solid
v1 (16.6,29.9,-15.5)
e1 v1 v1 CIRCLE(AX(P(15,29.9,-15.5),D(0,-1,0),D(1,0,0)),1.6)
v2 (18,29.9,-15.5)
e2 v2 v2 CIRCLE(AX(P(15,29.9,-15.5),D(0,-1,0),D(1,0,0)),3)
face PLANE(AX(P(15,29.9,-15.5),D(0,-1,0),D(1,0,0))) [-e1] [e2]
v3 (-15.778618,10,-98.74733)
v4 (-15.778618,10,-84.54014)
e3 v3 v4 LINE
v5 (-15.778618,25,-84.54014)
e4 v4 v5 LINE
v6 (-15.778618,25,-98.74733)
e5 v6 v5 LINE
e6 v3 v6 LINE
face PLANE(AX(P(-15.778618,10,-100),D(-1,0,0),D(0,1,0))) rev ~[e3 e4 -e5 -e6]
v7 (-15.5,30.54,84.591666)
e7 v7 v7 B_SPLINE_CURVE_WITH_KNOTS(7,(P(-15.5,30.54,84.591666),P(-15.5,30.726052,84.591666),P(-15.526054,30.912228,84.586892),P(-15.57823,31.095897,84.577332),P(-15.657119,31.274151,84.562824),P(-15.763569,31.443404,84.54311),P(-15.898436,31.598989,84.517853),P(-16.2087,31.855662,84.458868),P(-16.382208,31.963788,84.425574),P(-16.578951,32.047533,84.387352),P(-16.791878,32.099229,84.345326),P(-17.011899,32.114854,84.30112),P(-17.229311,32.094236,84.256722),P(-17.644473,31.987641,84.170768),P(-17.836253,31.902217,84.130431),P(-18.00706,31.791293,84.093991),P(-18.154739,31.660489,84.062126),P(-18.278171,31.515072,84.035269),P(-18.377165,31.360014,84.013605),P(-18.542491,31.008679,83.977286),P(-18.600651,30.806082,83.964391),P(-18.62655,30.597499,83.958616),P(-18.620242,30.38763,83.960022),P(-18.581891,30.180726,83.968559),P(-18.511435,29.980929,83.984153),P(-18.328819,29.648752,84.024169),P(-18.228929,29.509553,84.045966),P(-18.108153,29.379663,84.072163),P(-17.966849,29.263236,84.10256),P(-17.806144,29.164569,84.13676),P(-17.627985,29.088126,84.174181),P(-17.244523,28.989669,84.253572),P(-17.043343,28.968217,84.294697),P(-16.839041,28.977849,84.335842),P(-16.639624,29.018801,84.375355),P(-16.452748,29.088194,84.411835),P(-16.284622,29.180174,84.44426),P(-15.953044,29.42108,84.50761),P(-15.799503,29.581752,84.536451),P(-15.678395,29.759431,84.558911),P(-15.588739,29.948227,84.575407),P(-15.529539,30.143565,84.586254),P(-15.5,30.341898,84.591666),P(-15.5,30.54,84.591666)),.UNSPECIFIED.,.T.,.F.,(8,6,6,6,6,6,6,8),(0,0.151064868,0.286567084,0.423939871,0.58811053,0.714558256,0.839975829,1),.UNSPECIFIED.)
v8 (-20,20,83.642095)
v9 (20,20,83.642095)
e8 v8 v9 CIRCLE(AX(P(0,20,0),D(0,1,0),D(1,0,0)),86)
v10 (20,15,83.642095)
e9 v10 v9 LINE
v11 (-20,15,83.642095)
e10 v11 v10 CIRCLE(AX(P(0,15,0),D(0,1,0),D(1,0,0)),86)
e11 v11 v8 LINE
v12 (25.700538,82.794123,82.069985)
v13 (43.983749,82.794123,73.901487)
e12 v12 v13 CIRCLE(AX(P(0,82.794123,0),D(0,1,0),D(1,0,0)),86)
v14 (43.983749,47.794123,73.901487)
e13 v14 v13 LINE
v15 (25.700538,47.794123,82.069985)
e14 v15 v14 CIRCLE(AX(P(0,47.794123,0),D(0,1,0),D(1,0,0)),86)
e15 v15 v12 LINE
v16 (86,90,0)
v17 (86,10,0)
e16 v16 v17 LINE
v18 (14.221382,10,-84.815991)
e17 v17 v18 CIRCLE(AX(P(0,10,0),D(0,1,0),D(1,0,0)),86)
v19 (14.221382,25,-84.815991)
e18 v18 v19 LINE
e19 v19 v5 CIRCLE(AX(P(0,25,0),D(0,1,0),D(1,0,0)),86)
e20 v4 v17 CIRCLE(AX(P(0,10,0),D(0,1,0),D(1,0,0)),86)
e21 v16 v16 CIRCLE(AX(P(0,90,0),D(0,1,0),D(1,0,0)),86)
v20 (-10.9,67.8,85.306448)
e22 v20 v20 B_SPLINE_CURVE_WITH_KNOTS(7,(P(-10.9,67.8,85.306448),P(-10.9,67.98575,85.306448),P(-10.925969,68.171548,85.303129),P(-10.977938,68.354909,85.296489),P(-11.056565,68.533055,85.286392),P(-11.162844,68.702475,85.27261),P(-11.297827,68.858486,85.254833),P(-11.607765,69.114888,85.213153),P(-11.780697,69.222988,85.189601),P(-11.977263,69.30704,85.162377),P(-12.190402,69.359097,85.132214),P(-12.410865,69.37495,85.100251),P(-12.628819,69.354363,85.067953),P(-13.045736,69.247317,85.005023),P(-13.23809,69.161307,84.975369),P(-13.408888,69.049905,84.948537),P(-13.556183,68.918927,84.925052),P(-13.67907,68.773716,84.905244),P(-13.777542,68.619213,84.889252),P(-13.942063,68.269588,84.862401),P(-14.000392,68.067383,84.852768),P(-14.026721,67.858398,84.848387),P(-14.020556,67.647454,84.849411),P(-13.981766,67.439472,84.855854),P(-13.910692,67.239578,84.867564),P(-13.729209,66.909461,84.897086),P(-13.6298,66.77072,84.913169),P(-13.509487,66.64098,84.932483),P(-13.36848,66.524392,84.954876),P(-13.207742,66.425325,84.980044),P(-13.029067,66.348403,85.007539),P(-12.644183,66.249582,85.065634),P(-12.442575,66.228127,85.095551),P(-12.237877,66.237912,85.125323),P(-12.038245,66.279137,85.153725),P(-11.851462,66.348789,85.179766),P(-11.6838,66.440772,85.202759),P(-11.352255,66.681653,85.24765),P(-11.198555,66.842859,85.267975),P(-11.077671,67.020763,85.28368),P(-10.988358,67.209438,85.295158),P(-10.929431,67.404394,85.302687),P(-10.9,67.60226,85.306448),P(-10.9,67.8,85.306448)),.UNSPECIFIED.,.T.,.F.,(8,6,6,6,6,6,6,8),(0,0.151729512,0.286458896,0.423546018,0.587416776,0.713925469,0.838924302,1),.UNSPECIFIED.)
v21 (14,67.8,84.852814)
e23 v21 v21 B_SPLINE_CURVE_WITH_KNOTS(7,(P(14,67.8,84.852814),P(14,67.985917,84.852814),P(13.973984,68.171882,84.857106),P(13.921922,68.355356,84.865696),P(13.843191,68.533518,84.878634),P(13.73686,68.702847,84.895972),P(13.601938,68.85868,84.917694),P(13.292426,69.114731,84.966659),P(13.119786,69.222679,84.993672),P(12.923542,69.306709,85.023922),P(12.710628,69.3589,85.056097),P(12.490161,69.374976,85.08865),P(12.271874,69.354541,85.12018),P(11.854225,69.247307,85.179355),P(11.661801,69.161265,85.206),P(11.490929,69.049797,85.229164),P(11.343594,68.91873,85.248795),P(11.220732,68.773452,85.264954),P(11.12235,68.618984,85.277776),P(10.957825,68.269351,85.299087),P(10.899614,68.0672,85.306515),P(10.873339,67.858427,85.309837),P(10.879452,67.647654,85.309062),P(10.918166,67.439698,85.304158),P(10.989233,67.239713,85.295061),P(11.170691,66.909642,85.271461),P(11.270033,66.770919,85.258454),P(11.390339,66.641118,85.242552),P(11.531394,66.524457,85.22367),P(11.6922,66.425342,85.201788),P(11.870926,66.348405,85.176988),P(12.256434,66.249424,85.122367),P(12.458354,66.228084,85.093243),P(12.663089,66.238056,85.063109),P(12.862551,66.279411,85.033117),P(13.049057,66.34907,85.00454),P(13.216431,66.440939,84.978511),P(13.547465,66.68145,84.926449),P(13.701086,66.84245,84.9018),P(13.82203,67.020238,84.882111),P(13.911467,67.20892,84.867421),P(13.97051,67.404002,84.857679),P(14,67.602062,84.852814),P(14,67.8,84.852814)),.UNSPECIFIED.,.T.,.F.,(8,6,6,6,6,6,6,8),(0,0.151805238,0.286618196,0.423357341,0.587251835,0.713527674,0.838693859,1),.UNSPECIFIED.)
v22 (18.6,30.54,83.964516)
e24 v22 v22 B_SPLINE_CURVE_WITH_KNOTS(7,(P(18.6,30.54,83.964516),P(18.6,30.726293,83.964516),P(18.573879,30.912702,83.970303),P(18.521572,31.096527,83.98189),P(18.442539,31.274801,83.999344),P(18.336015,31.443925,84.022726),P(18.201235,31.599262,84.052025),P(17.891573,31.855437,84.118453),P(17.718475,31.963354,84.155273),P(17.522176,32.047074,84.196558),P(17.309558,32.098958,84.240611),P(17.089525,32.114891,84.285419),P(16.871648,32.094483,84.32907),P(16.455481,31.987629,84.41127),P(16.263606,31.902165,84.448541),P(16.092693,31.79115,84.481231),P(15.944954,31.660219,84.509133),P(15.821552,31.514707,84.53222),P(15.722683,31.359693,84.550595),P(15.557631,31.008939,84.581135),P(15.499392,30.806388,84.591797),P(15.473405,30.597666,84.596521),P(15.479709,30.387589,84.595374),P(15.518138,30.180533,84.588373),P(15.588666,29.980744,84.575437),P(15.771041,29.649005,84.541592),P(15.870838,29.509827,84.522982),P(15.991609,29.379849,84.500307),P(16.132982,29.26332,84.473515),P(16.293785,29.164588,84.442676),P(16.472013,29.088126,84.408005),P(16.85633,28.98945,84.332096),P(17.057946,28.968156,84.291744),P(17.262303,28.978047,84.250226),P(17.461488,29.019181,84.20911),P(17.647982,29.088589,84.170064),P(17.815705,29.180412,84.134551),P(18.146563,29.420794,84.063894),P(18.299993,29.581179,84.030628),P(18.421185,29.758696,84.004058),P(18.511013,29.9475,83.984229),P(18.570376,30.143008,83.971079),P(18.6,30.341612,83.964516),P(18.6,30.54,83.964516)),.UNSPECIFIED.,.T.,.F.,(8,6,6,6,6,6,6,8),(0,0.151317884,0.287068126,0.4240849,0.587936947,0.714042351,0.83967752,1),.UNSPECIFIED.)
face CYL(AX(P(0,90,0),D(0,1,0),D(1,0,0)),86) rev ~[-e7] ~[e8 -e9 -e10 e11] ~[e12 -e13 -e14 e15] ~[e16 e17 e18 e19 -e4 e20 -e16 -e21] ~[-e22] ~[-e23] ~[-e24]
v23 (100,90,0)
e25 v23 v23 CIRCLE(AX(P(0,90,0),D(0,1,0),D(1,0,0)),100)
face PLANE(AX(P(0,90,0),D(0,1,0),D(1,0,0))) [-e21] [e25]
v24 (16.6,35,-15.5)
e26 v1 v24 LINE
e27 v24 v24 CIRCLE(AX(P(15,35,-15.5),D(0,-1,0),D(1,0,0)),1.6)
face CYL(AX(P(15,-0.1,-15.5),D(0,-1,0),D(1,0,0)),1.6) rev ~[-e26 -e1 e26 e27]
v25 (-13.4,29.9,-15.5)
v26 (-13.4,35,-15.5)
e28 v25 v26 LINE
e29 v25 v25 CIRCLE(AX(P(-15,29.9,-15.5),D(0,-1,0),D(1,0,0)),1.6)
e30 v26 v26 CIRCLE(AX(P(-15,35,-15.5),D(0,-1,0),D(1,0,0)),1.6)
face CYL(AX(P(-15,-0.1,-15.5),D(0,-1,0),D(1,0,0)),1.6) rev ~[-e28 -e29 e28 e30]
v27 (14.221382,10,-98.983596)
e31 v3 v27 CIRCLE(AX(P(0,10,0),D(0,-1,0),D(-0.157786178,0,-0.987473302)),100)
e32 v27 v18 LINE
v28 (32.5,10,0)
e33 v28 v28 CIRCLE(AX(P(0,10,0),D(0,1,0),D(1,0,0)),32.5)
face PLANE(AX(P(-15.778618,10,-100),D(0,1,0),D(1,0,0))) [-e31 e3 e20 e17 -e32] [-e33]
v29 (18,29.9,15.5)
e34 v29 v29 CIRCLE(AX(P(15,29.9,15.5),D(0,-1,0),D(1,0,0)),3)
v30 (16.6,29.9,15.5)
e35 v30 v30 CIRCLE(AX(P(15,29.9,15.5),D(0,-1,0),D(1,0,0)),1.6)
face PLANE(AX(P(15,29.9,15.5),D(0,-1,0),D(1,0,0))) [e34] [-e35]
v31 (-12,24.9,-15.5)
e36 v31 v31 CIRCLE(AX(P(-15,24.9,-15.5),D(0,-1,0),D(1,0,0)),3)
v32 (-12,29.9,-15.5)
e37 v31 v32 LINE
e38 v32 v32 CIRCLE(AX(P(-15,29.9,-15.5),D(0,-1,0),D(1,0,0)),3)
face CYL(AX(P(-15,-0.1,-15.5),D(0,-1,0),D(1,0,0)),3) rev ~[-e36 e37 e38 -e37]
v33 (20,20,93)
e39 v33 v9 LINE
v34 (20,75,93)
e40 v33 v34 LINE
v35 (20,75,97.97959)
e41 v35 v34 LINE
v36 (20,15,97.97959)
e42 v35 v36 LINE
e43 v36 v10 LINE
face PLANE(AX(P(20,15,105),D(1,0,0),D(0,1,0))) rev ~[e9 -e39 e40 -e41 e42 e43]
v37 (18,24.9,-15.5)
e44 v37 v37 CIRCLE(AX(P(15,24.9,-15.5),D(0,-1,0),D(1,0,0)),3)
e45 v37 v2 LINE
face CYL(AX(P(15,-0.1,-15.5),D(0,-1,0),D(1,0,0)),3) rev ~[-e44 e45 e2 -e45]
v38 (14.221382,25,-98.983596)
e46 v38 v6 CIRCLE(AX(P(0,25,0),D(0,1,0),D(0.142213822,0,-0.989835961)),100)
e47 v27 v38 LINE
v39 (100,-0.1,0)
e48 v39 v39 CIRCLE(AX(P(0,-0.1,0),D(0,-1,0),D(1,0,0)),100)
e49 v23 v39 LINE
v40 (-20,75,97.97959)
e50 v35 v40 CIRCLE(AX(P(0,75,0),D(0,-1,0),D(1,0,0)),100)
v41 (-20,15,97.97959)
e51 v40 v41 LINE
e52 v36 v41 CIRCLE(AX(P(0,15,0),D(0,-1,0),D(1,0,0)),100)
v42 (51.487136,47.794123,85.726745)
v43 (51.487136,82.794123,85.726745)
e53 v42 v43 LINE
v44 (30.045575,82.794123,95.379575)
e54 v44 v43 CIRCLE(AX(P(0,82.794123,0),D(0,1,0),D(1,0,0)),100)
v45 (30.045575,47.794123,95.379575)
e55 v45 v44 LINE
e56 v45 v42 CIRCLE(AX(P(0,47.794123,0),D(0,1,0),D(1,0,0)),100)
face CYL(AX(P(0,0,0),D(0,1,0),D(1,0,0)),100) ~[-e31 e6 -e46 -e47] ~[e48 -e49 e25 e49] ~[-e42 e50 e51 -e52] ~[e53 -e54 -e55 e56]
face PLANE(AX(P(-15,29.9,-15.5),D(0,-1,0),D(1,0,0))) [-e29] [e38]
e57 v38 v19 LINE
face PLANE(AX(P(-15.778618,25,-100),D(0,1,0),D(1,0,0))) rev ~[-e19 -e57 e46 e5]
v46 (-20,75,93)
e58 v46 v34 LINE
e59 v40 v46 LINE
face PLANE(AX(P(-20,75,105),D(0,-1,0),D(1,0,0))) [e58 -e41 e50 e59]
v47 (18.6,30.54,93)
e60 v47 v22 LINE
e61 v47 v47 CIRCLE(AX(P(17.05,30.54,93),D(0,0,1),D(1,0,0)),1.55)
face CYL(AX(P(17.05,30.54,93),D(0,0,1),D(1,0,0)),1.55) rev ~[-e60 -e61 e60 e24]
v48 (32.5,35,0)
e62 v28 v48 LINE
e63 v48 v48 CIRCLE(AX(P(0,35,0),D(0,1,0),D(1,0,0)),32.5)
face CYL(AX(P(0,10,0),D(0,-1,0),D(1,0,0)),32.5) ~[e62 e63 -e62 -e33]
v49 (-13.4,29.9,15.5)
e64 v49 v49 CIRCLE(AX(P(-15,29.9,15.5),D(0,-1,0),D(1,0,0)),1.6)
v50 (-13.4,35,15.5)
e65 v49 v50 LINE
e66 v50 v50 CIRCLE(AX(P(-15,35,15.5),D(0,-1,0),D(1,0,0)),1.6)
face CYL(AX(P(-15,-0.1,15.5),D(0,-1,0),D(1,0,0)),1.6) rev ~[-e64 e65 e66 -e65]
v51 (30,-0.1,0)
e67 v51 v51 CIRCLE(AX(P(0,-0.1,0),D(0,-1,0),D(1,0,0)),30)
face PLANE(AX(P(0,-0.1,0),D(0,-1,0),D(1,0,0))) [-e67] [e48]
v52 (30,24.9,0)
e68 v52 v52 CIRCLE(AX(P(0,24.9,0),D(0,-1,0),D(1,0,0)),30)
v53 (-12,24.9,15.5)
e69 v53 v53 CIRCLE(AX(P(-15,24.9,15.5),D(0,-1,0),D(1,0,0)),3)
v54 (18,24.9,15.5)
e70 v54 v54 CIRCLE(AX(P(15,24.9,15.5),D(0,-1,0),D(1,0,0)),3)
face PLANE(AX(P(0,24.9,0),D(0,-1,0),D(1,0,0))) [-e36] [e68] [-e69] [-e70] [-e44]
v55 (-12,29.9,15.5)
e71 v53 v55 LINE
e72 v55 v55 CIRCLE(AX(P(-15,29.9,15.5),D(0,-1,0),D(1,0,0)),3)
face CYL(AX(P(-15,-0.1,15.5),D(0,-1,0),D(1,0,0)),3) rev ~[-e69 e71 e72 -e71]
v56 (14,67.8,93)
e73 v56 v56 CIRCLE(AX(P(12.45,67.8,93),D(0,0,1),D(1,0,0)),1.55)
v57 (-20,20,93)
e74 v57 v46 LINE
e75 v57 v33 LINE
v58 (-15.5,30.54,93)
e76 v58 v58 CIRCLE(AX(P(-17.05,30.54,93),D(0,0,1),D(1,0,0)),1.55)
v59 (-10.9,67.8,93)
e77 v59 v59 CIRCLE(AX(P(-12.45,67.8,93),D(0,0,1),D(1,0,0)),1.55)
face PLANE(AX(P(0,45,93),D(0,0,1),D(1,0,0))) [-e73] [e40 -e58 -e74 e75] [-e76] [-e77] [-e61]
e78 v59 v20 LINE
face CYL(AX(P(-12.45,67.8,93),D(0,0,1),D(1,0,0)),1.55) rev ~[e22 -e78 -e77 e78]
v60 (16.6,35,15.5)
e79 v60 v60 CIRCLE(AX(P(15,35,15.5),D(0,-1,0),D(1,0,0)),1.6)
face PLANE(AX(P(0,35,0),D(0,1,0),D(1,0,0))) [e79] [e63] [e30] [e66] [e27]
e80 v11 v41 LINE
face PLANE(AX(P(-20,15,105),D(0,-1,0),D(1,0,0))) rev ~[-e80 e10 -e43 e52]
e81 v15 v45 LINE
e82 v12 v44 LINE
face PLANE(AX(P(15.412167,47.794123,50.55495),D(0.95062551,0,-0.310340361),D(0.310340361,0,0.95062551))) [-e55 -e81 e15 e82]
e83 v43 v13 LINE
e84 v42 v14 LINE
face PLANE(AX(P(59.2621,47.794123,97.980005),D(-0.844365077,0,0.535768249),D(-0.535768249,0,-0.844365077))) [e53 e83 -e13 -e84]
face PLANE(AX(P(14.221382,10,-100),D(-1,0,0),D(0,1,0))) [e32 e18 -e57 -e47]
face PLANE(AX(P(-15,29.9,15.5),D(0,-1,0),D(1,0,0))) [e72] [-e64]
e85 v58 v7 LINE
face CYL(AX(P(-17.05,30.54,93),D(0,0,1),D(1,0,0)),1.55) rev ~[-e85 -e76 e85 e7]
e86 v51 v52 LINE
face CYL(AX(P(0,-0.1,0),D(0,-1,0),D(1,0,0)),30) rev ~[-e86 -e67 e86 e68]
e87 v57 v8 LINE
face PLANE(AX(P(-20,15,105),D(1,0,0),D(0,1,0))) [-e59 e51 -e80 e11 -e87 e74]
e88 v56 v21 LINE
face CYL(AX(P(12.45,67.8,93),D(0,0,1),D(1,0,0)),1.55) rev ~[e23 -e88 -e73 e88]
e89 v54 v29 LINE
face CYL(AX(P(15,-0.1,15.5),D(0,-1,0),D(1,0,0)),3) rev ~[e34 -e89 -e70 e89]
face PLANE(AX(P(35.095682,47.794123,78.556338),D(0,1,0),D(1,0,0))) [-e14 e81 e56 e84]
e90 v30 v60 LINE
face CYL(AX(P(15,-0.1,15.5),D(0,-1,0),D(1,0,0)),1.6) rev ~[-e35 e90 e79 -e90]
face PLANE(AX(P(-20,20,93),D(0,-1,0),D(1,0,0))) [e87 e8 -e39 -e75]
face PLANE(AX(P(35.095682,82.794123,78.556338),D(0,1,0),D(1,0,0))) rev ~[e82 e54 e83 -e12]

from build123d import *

# Parameters (mm, degrees)
SKETCH1_R               = 100
BOSS_EXTRUDE3_DEPTH     = 90
SKETCH4_W               = 40
SKETCH4_H               = 60
CUT_EXTRUDE2_DEPTH      = 26
CUT_EXTRUDE2_DEPTH_BACK = 12
SKETCH12_R              = 100
BOSS_EXTRUDE4_DEPTH     = 0.1
SKETCH13_R              = 86
CUT_EXTRUDE8_DEPTH      = 80
SKETCH18_R              = 32.5
BOSS_EXTRUDE5_DEPTH     = 25
SKETCH16_R              = 1.6
CUT_EXTRUDE11_DEPTH     = 91.1
SKETCH17_R              = 3
CUT_EXTRUDE12_DEPTH     = 30
SKETCH19_R              = 30
CUT_EXTRUDE13_DEPTH     = 25
SKETCH20_W              = 40
SKETCH20_H              = 5
CUT_EXTRUDE14_DEPTH     = 25
SKETCH21_R              = 1.55
CUT_EXTRUDE15_DEPTH     = 25
CUT_EXTRUDE16_DEPTH     = 35
SKETCH23_W              = 30
SKETCH23_H              = 15
CUT_EXTRUDE17_DEPTH     = 20


with BuildPart() as part:
    # Sketch1 → Boss-Extrude3 (new body)
    with BuildSketch(Plane(origin=(0, 0, 0), x_dir=(1, 0, 0), z_dir=(0, 1, 0))):
        Circle(SKETCH1_R)
    extrude(amount=BOSS_EXTRUDE3_DEPTH)

    # Sketch4 → Cut-Extrude2 (cut, two sides)
    with BuildSketch(Plane.XY.offset(105)) as cut_extrude2_sk:
        with Locations((0, 45)):
            Rectangle(SKETCH4_W, SKETCH4_H)
    extrude(amount=CUT_EXTRUDE2_DEPTH, mode=Mode.SUBTRACT)
    extrude(cut_extrude2_sk.sketch, amount=-CUT_EXTRUDE2_DEPTH_BACK, mode=Mode.SUBTRACT)

    # Sketch12 → Boss-Extrude4 (add)
    with BuildSketch(Plane.XZ):
        Circle(SKETCH12_R)
    extrude(amount=BOSS_EXTRUDE4_DEPTH)

    # Sketch13 → Cut-Extrude8 (cut)
    with BuildSketch(Plane(origin=(0, 90, 0), x_dir=(1, 0, 0), z_dir=(0, 1, 0))):
        Circle(SKETCH13_R)
    extrude(amount=-CUT_EXTRUDE8_DEPTH, mode=Mode.SUBTRACT)

    # Sketch18 → Boss-Extrude5 (add)
    with BuildSketch(Plane(origin=(0, 10, 0), x_dir=(1, 0, 0), z_dir=(0, 1, 0))):
        Circle(SKETCH18_R)
    extrude(amount=BOSS_EXTRUDE5_DEPTH)

    # Sketch16 → Cut-Extrude11 (cut, through all)
    with BuildSketch(Plane.XZ.offset(0.1)):
        with Locations((-15, 15.5)):
            Circle(SKETCH16_R)
        with Locations((15, 15.5)):
            Circle(SKETCH16_R)
        with Locations((15, -15.5)):
            Circle(SKETCH16_R)
        with Locations((-15, -15.5)):
            Circle(SKETCH16_R)
    extrude(amount=-CUT_EXTRUDE11_DEPTH, mode=Mode.SUBTRACT)

    # Sketch17 → Cut-Extrude12 (cut)
    with BuildSketch(Plane.XZ.offset(0.1)):
        with Locations((-15, 15.5)):
            Circle(SKETCH17_R)
        with Locations((15, 15.5)):
            Circle(SKETCH17_R)
        with Locations((-15, -15.5)):
            Circle(SKETCH17_R)
        with Locations((15, -15.5)):
            Circle(SKETCH17_R)
    extrude(amount=-CUT_EXTRUDE12_DEPTH, mode=Mode.SUBTRACT)

    # Sketch19 → Cut-Extrude13 (cut)
    with BuildSketch(Plane.XZ.offset(0.1)):
        Circle(SKETCH19_R)
    extrude(amount=-CUT_EXTRUDE13_DEPTH, mode=Mode.SUBTRACT)

    # Sketch20 → Cut-Extrude14 (cut)
    with BuildSketch(Plane.XY.offset(93)):
        with Locations((0, 17.5)):
            Rectangle(SKETCH20_W, SKETCH20_H)
    extrude(amount=-CUT_EXTRUDE14_DEPTH, mode=Mode.SUBTRACT)

    # Sketch21 → Cut-Extrude15 (cut)
    with BuildSketch(Plane.XY.offset(93)):
        with Locations((12.45, 67.8)):
            Circle(SKETCH21_R)
        with Locations((-12.45, 67.8)):
            Circle(SKETCH21_R)
        with Locations((-17.05, 30.54)):
            Circle(SKETCH21_R)
        with Locations((17.05, 30.54)):
            Circle(SKETCH21_R)
    extrude(amount=-CUT_EXTRUDE15_DEPTH, mode=Mode.SUBTRACT)

    # Sketch22 → Cut-Extrude16 (cut)
    with BuildSketch(Plane(origin=(22.204096953, 47.794122581, -296.404157649), x_dir=(1, 0, 0), z_dir=(0, 1, 0))):
        Polygon((-6.791929493, -346.959107226), (12.404969277, -405.762485644), (37.058002756, -394.3841625), (3.953655983, -342.212063172), align=None)
    extrude(amount=CUT_EXTRUDE16_DEPTH, mode=Mode.SUBTRACT)

    # Sketch23 → Cut-Extrude17 (cut)
    with BuildSketch(Plane.XY.offset(-100)):
        with Locations((-0.77861777, 17.5)):
            Rectangle(SKETCH23_W, SKETCH23_H)
    extrude(amount=CUT_EXTRUDE17_DEPTH, mode=Mode.SUBTRACT)


solid = part.part
